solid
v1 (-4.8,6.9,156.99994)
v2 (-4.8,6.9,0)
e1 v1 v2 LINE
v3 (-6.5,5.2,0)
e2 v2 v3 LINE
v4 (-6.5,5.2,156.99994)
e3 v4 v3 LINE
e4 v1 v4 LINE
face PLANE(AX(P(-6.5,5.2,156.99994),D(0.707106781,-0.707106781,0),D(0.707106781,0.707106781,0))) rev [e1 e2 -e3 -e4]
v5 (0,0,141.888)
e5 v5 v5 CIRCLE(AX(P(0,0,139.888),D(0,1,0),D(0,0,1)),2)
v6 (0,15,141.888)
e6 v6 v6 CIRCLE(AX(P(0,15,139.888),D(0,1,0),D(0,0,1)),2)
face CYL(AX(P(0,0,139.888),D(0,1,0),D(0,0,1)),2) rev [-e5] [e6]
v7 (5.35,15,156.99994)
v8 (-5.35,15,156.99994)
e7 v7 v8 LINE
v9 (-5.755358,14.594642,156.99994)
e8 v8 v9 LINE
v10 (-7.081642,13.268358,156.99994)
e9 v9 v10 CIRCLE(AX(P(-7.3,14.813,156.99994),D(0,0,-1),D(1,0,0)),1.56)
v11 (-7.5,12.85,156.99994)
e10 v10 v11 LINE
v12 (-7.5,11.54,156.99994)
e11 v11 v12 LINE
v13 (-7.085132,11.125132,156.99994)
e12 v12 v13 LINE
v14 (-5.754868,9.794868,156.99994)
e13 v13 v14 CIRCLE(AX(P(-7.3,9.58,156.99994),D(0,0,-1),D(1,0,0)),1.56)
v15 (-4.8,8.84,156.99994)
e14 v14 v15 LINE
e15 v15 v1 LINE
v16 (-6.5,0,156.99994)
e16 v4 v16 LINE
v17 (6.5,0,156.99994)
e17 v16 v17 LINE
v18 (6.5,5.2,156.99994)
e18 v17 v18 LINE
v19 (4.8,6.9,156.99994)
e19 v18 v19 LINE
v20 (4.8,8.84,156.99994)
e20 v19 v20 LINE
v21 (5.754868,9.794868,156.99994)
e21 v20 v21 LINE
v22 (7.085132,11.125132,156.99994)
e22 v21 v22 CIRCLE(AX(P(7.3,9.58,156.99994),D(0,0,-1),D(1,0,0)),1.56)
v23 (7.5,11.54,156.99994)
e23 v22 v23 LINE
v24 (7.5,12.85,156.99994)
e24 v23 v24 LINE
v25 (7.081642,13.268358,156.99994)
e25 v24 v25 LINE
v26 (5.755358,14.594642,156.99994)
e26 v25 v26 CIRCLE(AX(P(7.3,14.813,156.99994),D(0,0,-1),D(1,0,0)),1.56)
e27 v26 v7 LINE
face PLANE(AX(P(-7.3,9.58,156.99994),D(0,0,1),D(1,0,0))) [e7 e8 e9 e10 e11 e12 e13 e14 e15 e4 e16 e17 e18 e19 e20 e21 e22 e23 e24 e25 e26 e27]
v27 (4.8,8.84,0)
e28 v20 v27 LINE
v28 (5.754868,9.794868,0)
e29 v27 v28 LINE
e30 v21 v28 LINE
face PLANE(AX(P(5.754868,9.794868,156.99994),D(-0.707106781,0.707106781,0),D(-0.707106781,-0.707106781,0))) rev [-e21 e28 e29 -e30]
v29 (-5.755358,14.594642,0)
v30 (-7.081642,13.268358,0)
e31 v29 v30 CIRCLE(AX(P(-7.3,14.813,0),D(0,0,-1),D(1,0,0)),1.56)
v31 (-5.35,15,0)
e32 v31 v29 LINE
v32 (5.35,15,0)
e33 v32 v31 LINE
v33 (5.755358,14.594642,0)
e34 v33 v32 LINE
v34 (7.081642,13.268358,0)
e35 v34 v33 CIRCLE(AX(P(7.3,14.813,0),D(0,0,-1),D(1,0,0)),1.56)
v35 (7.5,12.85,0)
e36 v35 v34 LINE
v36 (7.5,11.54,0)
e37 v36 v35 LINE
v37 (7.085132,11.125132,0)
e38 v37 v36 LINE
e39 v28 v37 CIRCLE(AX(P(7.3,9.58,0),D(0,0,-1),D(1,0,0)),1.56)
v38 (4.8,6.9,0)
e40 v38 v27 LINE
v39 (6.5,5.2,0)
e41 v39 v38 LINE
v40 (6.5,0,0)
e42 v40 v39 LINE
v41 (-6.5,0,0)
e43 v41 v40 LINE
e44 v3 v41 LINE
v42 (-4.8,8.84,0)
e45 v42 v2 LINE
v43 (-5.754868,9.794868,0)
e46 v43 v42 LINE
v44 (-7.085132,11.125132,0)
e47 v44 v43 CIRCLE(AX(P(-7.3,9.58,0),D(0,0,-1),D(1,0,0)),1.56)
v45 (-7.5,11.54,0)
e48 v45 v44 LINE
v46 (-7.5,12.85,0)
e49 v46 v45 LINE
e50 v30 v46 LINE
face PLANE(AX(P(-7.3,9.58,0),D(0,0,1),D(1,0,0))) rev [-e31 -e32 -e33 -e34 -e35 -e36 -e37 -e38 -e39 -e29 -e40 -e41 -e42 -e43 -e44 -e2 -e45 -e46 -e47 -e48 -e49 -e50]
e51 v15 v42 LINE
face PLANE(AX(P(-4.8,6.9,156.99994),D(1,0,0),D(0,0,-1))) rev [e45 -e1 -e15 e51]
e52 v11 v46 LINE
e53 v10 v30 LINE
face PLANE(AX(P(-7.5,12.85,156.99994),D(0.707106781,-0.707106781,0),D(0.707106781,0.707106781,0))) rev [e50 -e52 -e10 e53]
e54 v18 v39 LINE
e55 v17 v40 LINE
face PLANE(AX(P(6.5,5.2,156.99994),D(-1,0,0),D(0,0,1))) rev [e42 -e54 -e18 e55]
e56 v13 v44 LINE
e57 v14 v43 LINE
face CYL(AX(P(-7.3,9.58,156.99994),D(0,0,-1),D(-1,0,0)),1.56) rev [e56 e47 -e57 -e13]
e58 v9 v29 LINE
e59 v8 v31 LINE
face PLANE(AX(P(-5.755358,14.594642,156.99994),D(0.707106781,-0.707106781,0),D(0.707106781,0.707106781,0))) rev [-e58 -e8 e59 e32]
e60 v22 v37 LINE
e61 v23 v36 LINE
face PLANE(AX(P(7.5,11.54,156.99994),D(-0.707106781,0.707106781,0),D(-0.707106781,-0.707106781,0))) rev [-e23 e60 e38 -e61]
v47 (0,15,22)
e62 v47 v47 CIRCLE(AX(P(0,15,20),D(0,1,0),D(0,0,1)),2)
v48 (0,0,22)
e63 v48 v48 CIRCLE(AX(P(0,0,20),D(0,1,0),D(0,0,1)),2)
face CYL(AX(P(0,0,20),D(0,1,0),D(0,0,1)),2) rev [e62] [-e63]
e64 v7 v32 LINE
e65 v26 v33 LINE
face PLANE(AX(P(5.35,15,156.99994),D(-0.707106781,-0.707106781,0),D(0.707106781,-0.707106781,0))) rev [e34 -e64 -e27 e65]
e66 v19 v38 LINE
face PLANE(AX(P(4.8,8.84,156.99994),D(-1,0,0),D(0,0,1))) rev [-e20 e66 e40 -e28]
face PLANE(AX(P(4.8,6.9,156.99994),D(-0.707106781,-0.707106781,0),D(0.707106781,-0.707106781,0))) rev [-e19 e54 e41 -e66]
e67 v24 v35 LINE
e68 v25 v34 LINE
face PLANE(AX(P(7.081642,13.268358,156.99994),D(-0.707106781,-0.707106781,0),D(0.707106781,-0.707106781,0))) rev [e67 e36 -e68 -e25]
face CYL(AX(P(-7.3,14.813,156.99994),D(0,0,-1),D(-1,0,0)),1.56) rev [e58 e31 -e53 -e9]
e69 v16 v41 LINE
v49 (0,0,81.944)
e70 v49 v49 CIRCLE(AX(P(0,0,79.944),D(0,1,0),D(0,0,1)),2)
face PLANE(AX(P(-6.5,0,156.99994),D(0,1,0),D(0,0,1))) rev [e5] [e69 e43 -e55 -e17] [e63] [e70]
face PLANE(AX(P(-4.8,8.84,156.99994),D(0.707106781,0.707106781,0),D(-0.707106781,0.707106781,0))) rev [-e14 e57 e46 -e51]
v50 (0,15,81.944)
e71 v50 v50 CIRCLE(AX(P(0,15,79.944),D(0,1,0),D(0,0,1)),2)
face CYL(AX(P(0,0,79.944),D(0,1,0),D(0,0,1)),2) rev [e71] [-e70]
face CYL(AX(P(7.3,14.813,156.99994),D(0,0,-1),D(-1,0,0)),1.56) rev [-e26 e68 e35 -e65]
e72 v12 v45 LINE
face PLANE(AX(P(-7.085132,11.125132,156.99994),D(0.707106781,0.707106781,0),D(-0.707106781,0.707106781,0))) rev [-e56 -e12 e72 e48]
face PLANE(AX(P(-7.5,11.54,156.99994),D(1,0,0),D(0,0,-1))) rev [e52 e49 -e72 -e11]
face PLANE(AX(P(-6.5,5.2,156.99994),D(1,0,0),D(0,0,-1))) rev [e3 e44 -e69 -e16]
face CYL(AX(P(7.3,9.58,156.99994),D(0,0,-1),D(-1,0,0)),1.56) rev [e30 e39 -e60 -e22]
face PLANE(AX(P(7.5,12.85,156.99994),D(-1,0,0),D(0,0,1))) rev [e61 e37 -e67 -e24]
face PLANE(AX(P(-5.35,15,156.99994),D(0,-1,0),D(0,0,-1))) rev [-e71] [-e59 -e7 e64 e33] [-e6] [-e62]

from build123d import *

# Parameters (mm, degrees)
BOSS_EXTRUDE1_DEPTH = 156.99994
SKETCH2_R           = 2
CUT_EXTRUDE1_DEPTH  = 16


with BuildPart() as part:
    # Sketch1 → Boss-Extrude1 (new body)
    with BuildSketch(Plane.XY):
        with BuildLine():
            Line((-6.5, 0), (6.5, 0))
            Line((6.5, 0), (6.5, 5.2))
            Line((6.5, 5.2), (4.8, 6.9))
            Line((4.8, 6.9), (4.8, 8.84))
            Line((4.8, 8.84), (5.754868434, 9.794868434))
            ThreePointArc((5.754868434, 9.794868434), (6.196913421, 10.683086579), (7.085131566, 11.125131566))
            Line((7.085131566, 11.125131566), (7.5, 11.54))
            Line((7.5, 11.54), (7.5, 12.85))
            Line((7.5, 12.85), (7.08164233, 13.26835767))
            ThreePointArc((7.08164233, 13.26835767), (6.196913421, 13.709913421), (5.75535767, 14.59464233))
            Line((5.75535767, 14.59464233), (5.35, 15))
            Line((5.35, 15), (-5.35, 15))
            Line((-5.35, 15), (-5.75535767, 14.59464233))
            ThreePointArc((-5.75535767, 14.59464233), (-6.196913421, 13.709913421), (-7.08164233, 13.26835767))
            Line((-7.08164233, 13.26835767), (-7.5, 12.85))
            Line((-7.5, 12.85), (-7.5, 11.54))
            Line((-7.5, 11.54), (-7.085131566, 11.125131566))
            ThreePointArc((-7.085131566, 11.125131566), (-6.196913421, 10.683086579), (-5.754868434, 9.794868434))
            Line((-5.754868434, 9.794868434), (-4.8, 8.84))
            Line((-4.8, 8.84), (-4.8, 6.9))
            Line((-4.8, 6.9), (-6.5, 5.2))
            Line((-6.5, 5.2), (-6.5, 0))
        make_face()
    extrude(amount=BOSS_EXTRUDE1_DEPTH)

    # Sketch2 → Cut-Extrude1 (cut, through all)
    with BuildSketch(Plane(origin=(0, 15, 0), x_dir=(1, 0, 0), z_dir=(0, 1, 0))):
        with Locations((0, -20)):
            Circle(SKETCH2_R)
        with Locations((0, -79.944)):
            Circle(SKETCH2_R)
        with Locations((0, -139.888)):
            Circle(SKETCH2_R)
    extrude(amount=-CUT_EXTRUDE1_DEPTH, mode=Mode.SUBTRACT)


solid = part.part
